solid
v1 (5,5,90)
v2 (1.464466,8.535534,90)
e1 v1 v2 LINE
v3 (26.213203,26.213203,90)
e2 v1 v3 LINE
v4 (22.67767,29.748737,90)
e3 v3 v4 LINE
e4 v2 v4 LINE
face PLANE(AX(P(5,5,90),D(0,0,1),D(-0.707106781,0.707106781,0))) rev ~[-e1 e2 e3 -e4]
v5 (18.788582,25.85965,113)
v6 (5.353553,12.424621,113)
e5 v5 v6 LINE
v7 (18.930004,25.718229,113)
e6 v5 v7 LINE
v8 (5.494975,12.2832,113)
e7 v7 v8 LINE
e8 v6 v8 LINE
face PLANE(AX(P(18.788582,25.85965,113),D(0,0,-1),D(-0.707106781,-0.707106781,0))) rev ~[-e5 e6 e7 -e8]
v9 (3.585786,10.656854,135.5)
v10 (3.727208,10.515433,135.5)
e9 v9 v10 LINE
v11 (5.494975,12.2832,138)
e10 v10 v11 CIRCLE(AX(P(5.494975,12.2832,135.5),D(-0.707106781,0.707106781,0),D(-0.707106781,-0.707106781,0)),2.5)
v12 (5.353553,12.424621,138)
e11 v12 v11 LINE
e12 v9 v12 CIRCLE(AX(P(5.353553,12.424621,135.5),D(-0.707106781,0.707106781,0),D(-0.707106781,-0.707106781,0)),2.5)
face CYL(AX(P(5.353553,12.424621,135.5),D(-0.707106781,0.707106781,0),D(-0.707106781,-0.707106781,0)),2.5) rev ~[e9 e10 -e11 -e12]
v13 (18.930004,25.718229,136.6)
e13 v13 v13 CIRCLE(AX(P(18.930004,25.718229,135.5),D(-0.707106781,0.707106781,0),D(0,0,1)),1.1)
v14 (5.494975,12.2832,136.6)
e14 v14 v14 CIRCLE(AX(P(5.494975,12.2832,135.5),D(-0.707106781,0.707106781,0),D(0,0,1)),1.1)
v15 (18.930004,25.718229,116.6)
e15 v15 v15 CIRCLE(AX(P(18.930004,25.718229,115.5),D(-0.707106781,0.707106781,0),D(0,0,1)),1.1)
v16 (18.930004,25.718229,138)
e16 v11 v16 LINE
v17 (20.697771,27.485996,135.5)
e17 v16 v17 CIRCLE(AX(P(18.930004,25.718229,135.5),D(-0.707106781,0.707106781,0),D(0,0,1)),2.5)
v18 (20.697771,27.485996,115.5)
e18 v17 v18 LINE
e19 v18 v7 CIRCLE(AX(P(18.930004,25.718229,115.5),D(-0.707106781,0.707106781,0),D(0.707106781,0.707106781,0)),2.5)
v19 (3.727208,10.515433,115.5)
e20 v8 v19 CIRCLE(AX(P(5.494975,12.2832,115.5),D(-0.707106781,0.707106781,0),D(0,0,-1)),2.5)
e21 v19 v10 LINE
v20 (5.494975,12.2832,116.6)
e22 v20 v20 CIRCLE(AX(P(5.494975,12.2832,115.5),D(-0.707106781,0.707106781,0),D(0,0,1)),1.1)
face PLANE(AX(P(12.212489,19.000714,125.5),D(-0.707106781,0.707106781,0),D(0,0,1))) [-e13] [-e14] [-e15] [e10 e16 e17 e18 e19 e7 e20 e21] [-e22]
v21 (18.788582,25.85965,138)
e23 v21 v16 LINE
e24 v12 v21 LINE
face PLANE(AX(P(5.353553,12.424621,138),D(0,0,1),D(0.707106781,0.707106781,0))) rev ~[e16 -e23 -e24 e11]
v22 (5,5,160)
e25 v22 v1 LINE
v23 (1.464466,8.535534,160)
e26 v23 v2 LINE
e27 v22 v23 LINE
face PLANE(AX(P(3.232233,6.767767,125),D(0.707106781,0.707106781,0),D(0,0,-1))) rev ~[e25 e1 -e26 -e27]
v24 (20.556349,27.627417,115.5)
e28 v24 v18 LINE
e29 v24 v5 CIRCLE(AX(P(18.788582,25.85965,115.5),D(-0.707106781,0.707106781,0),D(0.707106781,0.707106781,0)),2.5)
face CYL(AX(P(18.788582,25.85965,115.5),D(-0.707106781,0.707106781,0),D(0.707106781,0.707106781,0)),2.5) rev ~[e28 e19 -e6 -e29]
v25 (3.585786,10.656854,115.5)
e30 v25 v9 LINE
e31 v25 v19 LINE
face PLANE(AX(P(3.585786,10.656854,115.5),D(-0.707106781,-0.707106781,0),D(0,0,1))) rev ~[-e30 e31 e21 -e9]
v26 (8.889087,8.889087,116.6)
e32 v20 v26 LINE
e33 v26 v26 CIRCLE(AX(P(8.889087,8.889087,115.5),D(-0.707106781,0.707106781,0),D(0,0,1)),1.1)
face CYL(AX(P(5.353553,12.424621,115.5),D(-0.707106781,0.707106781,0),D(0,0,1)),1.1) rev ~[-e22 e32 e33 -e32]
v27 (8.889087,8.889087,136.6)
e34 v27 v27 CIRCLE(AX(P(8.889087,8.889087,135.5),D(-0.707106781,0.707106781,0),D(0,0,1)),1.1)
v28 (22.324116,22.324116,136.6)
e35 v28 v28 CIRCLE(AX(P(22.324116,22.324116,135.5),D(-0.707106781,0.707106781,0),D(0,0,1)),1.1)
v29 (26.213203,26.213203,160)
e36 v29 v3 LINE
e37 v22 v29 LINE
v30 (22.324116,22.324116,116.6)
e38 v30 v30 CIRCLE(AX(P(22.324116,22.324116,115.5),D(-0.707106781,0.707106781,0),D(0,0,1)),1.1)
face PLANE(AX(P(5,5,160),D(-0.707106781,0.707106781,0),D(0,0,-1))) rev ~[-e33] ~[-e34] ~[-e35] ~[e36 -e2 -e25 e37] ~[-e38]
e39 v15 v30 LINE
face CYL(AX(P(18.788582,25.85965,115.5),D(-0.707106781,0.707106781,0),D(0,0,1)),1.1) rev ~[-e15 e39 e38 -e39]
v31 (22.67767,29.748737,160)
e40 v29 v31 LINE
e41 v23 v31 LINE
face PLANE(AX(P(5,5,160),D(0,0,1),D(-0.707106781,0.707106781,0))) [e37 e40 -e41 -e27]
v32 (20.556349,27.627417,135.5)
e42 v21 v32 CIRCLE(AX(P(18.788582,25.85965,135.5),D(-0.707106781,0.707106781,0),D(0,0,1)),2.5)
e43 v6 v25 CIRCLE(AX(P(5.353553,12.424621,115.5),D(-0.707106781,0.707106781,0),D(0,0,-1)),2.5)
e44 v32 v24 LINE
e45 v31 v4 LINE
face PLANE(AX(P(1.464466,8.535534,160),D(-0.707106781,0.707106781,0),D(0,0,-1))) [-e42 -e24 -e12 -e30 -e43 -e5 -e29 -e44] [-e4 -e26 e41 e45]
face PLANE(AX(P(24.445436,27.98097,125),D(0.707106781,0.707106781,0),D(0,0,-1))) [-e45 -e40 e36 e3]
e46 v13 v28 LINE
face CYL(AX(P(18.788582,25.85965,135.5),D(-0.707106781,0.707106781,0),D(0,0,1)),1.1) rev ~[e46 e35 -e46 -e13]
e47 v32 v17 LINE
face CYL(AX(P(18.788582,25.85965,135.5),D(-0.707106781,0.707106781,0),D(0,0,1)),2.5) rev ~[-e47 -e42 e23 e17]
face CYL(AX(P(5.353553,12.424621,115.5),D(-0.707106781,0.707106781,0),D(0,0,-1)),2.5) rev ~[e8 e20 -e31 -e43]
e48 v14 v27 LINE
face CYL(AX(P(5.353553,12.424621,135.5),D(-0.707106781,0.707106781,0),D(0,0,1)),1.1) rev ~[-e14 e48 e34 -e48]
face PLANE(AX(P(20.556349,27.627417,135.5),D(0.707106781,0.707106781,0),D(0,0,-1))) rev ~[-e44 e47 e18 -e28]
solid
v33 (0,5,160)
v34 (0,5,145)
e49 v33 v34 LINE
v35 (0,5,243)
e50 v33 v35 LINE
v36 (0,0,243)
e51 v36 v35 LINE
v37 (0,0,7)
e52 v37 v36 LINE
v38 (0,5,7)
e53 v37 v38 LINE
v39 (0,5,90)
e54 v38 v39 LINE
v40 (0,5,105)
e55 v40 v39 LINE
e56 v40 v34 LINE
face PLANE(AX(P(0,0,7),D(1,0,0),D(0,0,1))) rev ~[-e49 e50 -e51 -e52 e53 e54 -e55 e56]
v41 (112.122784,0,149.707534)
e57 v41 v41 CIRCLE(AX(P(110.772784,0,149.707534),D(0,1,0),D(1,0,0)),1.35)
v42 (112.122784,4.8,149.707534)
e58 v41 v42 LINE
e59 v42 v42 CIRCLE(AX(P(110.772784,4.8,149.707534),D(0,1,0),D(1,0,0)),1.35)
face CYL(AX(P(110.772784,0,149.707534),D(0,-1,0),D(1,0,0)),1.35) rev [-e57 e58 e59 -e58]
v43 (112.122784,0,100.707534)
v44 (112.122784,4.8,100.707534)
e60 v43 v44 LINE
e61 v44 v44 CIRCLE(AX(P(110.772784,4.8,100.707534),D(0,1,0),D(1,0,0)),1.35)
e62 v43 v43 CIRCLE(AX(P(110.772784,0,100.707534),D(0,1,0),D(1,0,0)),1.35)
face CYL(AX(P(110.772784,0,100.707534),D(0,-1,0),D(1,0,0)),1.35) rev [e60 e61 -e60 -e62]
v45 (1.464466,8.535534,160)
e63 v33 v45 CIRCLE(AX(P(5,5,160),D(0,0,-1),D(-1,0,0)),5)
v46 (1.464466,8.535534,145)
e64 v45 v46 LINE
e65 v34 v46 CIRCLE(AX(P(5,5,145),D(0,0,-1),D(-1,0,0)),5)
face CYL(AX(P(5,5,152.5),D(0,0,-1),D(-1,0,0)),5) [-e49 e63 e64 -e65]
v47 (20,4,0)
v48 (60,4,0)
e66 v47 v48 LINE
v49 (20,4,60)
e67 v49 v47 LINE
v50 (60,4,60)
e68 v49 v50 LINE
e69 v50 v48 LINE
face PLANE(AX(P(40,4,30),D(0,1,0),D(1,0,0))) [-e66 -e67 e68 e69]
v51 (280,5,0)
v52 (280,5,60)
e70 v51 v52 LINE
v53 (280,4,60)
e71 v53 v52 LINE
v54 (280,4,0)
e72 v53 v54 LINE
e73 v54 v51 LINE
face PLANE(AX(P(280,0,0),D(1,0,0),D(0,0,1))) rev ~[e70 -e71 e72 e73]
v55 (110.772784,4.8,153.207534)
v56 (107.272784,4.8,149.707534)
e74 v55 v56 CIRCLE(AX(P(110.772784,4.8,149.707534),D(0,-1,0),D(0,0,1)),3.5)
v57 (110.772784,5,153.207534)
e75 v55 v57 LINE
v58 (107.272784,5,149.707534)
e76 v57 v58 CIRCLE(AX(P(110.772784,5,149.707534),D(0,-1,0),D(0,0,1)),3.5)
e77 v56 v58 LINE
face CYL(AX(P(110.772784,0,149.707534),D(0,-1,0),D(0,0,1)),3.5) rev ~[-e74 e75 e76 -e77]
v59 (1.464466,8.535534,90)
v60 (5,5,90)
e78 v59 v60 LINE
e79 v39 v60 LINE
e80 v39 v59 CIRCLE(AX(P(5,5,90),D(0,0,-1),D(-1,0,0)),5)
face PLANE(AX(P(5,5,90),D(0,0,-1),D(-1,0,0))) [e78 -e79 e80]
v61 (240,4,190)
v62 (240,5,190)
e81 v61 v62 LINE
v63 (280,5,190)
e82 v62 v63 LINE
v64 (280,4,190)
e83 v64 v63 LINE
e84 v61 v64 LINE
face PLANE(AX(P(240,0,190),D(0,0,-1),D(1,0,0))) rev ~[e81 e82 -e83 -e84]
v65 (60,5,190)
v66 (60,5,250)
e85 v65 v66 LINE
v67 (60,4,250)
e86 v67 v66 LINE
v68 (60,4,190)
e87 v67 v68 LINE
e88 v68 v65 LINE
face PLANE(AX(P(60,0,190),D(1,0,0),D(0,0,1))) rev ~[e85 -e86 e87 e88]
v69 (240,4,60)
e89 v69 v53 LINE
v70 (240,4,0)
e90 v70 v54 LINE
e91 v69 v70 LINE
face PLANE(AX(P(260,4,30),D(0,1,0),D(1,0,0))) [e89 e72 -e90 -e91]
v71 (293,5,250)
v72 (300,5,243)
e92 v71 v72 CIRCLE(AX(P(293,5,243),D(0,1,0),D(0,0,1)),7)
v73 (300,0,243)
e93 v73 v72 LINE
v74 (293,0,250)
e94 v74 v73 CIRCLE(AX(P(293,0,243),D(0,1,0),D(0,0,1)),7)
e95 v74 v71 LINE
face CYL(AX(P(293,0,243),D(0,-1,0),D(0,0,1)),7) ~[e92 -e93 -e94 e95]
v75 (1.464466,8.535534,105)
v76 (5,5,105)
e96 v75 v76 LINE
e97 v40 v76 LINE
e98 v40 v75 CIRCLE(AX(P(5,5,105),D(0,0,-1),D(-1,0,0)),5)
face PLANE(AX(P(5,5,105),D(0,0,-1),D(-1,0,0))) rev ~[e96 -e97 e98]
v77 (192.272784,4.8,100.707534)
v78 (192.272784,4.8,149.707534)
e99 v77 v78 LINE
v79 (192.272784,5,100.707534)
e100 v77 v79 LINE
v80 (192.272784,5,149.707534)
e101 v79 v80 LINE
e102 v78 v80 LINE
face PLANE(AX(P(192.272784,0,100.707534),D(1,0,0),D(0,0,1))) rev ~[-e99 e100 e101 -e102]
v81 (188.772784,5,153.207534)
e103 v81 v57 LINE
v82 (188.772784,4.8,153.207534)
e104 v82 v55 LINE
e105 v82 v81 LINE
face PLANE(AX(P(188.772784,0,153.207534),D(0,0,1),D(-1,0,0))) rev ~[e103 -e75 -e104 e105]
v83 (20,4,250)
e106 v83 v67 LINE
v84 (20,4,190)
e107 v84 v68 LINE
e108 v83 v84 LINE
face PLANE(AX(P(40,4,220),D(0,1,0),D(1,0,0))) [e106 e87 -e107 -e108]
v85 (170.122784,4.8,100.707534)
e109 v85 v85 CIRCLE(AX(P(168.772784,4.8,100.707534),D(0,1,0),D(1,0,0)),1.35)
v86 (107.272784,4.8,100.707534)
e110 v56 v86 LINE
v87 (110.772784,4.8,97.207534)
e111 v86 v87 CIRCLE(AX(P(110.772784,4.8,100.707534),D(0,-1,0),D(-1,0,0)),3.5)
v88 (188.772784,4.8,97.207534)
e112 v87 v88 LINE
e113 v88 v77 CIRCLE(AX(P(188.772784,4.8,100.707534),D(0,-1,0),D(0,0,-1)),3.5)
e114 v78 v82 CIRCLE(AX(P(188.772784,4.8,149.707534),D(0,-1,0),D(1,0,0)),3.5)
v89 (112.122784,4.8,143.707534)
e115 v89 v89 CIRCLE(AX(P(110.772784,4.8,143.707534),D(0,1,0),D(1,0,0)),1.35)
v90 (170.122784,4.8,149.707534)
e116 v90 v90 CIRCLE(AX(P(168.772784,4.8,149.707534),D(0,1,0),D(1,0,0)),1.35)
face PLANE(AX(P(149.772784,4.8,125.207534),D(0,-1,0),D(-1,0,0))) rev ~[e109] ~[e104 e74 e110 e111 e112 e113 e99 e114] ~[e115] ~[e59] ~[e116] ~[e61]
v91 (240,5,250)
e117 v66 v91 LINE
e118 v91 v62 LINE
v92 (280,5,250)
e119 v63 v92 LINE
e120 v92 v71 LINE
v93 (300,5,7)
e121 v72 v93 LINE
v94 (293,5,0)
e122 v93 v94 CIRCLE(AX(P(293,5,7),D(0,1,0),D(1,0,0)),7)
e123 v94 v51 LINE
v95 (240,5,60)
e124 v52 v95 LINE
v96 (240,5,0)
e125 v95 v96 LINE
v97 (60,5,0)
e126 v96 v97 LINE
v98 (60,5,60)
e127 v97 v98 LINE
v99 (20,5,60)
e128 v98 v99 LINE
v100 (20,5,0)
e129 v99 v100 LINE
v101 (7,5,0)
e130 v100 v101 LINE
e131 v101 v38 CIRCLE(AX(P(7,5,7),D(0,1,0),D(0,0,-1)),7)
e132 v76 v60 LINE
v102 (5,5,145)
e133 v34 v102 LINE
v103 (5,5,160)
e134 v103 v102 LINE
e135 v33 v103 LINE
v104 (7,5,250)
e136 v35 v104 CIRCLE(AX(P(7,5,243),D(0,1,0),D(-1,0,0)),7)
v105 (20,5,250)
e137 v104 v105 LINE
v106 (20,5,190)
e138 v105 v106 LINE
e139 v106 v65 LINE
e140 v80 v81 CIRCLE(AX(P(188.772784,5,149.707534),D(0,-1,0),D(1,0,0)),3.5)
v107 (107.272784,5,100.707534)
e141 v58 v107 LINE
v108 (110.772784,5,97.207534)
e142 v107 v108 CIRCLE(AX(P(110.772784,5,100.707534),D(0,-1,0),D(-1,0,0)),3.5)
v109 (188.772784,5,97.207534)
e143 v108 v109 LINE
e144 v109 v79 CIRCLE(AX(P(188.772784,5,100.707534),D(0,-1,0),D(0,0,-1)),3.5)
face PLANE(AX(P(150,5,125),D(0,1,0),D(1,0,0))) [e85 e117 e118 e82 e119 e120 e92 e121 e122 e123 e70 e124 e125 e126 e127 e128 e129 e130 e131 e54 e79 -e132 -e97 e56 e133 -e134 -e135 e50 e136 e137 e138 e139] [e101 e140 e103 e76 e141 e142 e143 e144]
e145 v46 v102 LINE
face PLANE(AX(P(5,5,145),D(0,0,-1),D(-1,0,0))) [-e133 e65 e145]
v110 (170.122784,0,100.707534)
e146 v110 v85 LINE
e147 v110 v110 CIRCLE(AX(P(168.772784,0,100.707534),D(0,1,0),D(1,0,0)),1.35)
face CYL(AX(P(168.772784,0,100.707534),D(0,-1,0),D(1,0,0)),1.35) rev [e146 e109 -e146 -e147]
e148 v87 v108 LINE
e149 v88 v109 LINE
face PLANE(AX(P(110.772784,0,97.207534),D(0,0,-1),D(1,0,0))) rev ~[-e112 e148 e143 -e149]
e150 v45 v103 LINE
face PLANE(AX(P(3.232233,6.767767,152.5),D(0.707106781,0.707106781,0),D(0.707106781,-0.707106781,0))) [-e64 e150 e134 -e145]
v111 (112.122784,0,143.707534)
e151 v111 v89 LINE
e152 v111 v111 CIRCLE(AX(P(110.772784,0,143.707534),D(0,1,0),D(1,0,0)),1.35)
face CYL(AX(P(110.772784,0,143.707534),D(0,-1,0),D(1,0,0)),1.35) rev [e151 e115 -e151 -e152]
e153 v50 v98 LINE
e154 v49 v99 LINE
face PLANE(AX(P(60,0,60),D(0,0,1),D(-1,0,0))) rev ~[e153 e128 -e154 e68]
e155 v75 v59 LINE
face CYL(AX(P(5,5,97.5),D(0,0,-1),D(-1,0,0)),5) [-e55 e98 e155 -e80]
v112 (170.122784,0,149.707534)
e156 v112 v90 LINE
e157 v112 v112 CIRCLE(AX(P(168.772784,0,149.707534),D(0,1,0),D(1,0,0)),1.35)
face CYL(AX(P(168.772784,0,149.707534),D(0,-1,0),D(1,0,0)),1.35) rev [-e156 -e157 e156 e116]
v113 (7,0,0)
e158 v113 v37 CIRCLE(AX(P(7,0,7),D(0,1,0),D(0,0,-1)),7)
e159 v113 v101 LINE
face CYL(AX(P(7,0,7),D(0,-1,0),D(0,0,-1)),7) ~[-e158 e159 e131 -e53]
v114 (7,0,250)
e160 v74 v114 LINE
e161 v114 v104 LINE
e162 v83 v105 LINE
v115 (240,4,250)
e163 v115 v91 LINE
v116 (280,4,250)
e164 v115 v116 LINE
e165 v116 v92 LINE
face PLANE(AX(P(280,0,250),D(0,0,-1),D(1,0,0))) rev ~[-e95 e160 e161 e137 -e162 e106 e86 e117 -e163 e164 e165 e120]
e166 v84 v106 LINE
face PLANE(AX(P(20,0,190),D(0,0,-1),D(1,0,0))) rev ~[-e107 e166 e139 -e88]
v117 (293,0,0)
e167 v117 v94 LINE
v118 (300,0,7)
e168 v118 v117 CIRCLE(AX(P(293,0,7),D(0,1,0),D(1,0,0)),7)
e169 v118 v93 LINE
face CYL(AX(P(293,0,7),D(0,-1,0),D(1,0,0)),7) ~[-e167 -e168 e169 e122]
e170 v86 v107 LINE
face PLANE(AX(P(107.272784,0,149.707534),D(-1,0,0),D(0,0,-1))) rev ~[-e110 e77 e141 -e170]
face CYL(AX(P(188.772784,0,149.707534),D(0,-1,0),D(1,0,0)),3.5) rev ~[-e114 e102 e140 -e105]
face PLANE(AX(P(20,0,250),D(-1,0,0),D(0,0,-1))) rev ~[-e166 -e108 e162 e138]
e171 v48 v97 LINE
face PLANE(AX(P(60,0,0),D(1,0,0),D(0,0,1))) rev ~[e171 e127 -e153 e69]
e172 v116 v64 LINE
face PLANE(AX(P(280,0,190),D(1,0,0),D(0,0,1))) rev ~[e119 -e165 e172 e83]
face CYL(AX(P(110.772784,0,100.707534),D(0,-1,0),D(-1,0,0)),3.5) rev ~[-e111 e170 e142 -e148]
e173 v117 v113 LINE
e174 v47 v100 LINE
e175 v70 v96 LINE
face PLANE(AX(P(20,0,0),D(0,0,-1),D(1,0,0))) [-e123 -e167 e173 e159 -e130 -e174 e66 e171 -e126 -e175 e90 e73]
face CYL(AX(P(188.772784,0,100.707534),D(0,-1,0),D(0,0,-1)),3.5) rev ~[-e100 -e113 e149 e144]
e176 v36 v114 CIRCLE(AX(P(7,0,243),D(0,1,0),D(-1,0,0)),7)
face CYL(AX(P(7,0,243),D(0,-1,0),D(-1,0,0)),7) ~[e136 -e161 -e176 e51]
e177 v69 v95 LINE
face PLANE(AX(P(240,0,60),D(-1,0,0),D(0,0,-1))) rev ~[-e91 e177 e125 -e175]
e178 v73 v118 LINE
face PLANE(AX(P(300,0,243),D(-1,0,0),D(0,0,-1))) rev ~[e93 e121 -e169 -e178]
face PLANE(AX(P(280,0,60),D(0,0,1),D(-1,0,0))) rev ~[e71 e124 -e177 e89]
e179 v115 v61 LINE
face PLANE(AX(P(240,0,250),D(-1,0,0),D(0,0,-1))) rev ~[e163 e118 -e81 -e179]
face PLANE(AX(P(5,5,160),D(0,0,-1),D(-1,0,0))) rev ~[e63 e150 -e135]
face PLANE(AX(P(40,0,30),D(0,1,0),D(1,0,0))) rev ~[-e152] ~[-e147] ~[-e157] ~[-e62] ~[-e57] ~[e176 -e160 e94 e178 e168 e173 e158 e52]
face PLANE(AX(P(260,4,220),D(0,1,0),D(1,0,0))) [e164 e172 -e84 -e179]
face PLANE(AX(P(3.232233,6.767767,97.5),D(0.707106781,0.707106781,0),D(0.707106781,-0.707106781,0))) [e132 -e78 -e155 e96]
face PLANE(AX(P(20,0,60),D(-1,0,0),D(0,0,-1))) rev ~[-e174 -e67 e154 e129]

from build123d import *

# Parameters (mm, degrees)
BOSS_EXTRUDE1_DEPTH      = 5
SKETCH1_3_R              = 1.35
BOSS_EXTRUDE2_DEPTH      = 4.8
SKETCH1_4_W              = 40
SKETCH1_4_H              = 60
BOSS_EXTRUDE3_DEPTH      = 4
SKETCH3_W                = 5
SKETCH3_H                = 15
REVOLVE3_ANGLE           = 45
REVOLVE3_OTHER_WAY_ANGLE = 45
SKETCH6_W                = 70
SKETCH6_H                = 5
BOSS_EXTRUDE6_DEPTH      = 30
SKETCH7_R                = 1.1
CUT_EXTRUDE1_DEPTH       = 0.2
SKETCH7_8_R              = 1.1
CUT_EXTRUDE2_DEPTH       = 6


with BuildPart() as part:
    # Sketch1 → Boss-Extrude1 (new body)
    with BuildSketch(Plane(origin=(0, 0, 0), x_dir=(1, 0, 0), z_dir=(0, 1, 0))):
        with BuildLine():
            Line((20, 0), (7, 0))
            ThreePointArc((7, 0), (2.050252532, -2.050252532), (0, -7))
            Line((0, -7), (0, -243))
            ThreePointArc((0, -243), (2.050252532, -247.949747468), (7, -250))
            Line((7, -250), (20, -250))
            Line((20, -250), (20, -190))
            Line((20, -190), (60, -190))
            Line((60, -190), (60, -250))
            Line((60, -250), (240, -250))
            Line((240, -250), (240, -190))
            Line((240, -190), (280, -190))
            Line((280, -190), (280, -250))
            Line((280, -250), (293, -250))
            ThreePointArc((293, -250), (297.949747468, -247.949747468), (300, -243))
            Line((300, -243), (300, -7))
            ThreePointArc((300, -7), (297.949747468, -2.050252532), (293, 0))
            Line((293, 0), (280, 0))
            Line((280, 0), (280, -60))
            Line((280, -60), (240, -60))
            Line((240, -60), (240, 0))
            Line((240, 0), (60, 0))
            Line((60, 0), (60, -60))
            Line((60, -60), (20, -60))
            Line((20, -60), (20, 0))
        make_face()
        with BuildLine():
            ThreePointArc((107.272783739, -100.70753353), (108.297910005, -98.232659796), (110.772783739, -97.20753353))
            Line((110.772783739, -97.20753353), (188.772783739, -97.20753353))
            ThreePointArc((188.772783739, -97.20753353), (191.247657473, -98.232659796), (192.272783739, -100.70753353))
            Line((192.272783739, -100.70753353), (192.272783739, -149.70753353))
            ThreePointArc((192.272783739, -149.70753353), (191.247657473, -152.182407265), (188.772783739, -153.20753353))
            Line((188.772783739, -153.20753353), (110.772783739, -153.20753353))
            ThreePointArc((110.772783739, -153.20753353), (108.297910005, -152.182407265), (107.272783739, -149.70753353))
            Line((107.272783739, -149.70753353), (107.272783739, -100.70753353))
        make_face(mode=Mode.SUBTRACT)
    extrude(amount=BOSS_EXTRUDE1_DEPTH)

    # Sketch1<3> → Boss-Extrude2 (add)
    with BuildSketch(Plane(origin=(0, 0, 0), x_dir=(1, 0, 0), z_dir=(0, 1, 0))):
        with BuildLine():
            Line((188.772783739, -97.20753353), (110.772783739, -97.20753353))
            ThreePointArc((110.772783739, -97.20753353), (108.297910005, -98.232659796), (107.272783739, -100.70753353))
            Line((107.272783739, -100.70753353), (107.272783739, -149.70753353))
            ThreePointArc((107.272783739, -149.70753353), (108.297910005, -152.182407265), (110.772783739, -153.20753353))
            Line((110.772783739, -153.20753353), (188.772783739, -153.20753353))
            ThreePointArc((188.772783739, -153.20753353), (191.247657473, -152.182407265), (192.272783739, -149.70753353))
            Line((192.272783739, -149.70753353), (192.272783739, -100.70753353))
            ThreePointArc((192.272783739, -100.70753353), (191.247657473, -98.232659796), (188.772783739, -97.20753353))
        make_face()
        with Locations((110.772783739, -149.70753353)):
            Circle(SKETCH1_3_R, mode=Mode.SUBTRACT)
        with Locations((110.772783739, -143.70753353)):
            Circle(SKETCH1_3_R, mode=Mode.SUBTRACT)
        with Locations((168.772783739, -149.70753353)):
            Circle(SKETCH1_3_R, mode=Mode.SUBTRACT)
        with Locations((110.772783739, -100.70753353)):
            Circle(SKETCH1_3_R, mode=Mode.SUBTRACT)
        with Locations((168.772783739, -100.70753353)):
            Circle(SKETCH1_3_R, mode=Mode.SUBTRACT)
    extrude(amount=BOSS_EXTRUDE2_DEPTH)

    # Sketch1<4> → Boss-Extrude3 (add)
    with BuildSketch(Plane(origin=(0, 0, 0), x_dir=(1, 0, 0), z_dir=(0, 1, 0))):
        with Locations((40, -30)):
            Rectangle(SKETCH1_4_W, SKETCH1_4_H)
        with Locations((260, -30)):
            Rectangle(SKETCH1_4_W, SKETCH1_4_H)
        with Locations((40, -220)):
            Rectangle(SKETCH1_4_W, SKETCH1_4_H)
        with Locations((260, -220)):
            Rectangle(SKETCH1_4_W, SKETCH1_4_H)
    extrude(amount=BOSS_EXTRUDE3_DEPTH)

    # Sketch3 → Revolve3 (revolve)
    with BuildSketch(Plane(origin=(0, 5, 0), x_dir=(1, 0, 0), z_dir=(0, 1, 0))):
        with Locations((2.5, -97.5)):
            Rectangle(SKETCH3_W, SKETCH3_H)
        with Locations((2.5, -152.5)):
            Rectangle(SKETCH3_W, SKETCH3_H)
    revolve(axis=Axis((5, 5, 105), (0, 0, -1)), revolution_arc=REVOLVE3_ANGLE)

    # Sketch3 → Revolve3 other way (revolve)
    with BuildSketch(Plane(origin=(0, 5, 0), x_dir=(1, 0, 0), z_dir=(0, 1, 0))):
        with Locations((2.5, -97.5)):
            Rectangle(SKETCH3_W, SKETCH3_H)
        with Locations((2.5, -152.5)):
            Rectangle(SKETCH3_W, SKETCH3_H)
    revolve(axis=Axis((5, 5, 105), (0, 0, 1)), revolution_arc=REVOLVE3_OTHER_WAY_ANGLE)


with BuildPart() as body_2:
    # Sketch6 → Boss-Extrude6 (new body)
    with BuildSketch(Plane(origin=(5, 5, 0), x_dir=(0, 0, -1), z_dir=(0.7071067811865487, 0.7071067811865465, 0))):
        with Locations((-125, 2.5)):
            Rectangle(SKETCH6_W, SKETCH6_H)
    extrude(amount=BOSS_EXTRUDE6_DEPTH)

    # Sketch7 → Cut-Extrude1 (cut)
    with BuildSketch(Plane(origin=(-3.535533906, 3.535533906, 0), x_dir=(0, 0, 1), z_dir=(-0.7071067811865465, 0.7071067811865486, 0))):
        with BuildLine():
            Line((115.5, 10.071067812), (135.5, 10.071067812))
            ThreePointArc((135.5, 10.071067812), (137.267766953, 10.803300859), (138, 12.571067812))
            Line((138, 12.571067812), (138, 31.571067812))
            ThreePointArc((138, 31.571067812), (137.267766953, 33.338834765), (135.5, 34.071067812))
            Line((135.5, 34.071067812), (115.5, 34.071067812))
            ThreePointArc((115.5, 34.071067812), (113.732233047, 33.338834765), (113, 31.571067812))
            Line((113, 31.571067812), (113, 12.571067812))
            ThreePointArc((113, 12.571067812), (113.732233047, 10.803300859), (115.5, 10.071067812))
        make_face()
        with Locations((115.5, 31.571067812)):
            Circle(SKETCH7_R, mode=Mode.SUBTRACT)
        with Locations((135.5, 31.571067812)):
            Circle(SKETCH7_R, mode=Mode.SUBTRACT)
        with Locations((115.5, 12.571067812)):
            Circle(SKETCH7_R, mode=Mode.SUBTRACT)
        with Locations((135.5, 12.571067812)):
            Circle(SKETCH7_R, mode=Mode.SUBTRACT)
    extrude(amount=-CUT_EXTRUDE1_DEPTH, mode=Mode.SUBTRACT)

    # Sketch7<8> → Cut-Extrude2 (cut)
    with BuildSketch(Plane(origin=(-3.535533906, 3.535533906, 0), x_dir=(0, 0, 1), z_dir=(-0.7071067811865465, 0.7071067811865486, 0))):
        with Locations((115.5, 31.571067812)):
            Circle(SKETCH7_8_R)
        with Locations((135.5, 31.571067812)):
            Circle(SKETCH7_8_R)
        with Locations((115.5, 12.571067812)):
            Circle(SKETCH7_8_R)
        with Locations((135.5, 12.571067812)):
            Circle(SKETCH7_8_R)
    extrude(amount=-CUT_EXTRUDE2_DEPTH, mode=Mode.SUBTRACT)


solid = Compound([part.part, body_2.part])
